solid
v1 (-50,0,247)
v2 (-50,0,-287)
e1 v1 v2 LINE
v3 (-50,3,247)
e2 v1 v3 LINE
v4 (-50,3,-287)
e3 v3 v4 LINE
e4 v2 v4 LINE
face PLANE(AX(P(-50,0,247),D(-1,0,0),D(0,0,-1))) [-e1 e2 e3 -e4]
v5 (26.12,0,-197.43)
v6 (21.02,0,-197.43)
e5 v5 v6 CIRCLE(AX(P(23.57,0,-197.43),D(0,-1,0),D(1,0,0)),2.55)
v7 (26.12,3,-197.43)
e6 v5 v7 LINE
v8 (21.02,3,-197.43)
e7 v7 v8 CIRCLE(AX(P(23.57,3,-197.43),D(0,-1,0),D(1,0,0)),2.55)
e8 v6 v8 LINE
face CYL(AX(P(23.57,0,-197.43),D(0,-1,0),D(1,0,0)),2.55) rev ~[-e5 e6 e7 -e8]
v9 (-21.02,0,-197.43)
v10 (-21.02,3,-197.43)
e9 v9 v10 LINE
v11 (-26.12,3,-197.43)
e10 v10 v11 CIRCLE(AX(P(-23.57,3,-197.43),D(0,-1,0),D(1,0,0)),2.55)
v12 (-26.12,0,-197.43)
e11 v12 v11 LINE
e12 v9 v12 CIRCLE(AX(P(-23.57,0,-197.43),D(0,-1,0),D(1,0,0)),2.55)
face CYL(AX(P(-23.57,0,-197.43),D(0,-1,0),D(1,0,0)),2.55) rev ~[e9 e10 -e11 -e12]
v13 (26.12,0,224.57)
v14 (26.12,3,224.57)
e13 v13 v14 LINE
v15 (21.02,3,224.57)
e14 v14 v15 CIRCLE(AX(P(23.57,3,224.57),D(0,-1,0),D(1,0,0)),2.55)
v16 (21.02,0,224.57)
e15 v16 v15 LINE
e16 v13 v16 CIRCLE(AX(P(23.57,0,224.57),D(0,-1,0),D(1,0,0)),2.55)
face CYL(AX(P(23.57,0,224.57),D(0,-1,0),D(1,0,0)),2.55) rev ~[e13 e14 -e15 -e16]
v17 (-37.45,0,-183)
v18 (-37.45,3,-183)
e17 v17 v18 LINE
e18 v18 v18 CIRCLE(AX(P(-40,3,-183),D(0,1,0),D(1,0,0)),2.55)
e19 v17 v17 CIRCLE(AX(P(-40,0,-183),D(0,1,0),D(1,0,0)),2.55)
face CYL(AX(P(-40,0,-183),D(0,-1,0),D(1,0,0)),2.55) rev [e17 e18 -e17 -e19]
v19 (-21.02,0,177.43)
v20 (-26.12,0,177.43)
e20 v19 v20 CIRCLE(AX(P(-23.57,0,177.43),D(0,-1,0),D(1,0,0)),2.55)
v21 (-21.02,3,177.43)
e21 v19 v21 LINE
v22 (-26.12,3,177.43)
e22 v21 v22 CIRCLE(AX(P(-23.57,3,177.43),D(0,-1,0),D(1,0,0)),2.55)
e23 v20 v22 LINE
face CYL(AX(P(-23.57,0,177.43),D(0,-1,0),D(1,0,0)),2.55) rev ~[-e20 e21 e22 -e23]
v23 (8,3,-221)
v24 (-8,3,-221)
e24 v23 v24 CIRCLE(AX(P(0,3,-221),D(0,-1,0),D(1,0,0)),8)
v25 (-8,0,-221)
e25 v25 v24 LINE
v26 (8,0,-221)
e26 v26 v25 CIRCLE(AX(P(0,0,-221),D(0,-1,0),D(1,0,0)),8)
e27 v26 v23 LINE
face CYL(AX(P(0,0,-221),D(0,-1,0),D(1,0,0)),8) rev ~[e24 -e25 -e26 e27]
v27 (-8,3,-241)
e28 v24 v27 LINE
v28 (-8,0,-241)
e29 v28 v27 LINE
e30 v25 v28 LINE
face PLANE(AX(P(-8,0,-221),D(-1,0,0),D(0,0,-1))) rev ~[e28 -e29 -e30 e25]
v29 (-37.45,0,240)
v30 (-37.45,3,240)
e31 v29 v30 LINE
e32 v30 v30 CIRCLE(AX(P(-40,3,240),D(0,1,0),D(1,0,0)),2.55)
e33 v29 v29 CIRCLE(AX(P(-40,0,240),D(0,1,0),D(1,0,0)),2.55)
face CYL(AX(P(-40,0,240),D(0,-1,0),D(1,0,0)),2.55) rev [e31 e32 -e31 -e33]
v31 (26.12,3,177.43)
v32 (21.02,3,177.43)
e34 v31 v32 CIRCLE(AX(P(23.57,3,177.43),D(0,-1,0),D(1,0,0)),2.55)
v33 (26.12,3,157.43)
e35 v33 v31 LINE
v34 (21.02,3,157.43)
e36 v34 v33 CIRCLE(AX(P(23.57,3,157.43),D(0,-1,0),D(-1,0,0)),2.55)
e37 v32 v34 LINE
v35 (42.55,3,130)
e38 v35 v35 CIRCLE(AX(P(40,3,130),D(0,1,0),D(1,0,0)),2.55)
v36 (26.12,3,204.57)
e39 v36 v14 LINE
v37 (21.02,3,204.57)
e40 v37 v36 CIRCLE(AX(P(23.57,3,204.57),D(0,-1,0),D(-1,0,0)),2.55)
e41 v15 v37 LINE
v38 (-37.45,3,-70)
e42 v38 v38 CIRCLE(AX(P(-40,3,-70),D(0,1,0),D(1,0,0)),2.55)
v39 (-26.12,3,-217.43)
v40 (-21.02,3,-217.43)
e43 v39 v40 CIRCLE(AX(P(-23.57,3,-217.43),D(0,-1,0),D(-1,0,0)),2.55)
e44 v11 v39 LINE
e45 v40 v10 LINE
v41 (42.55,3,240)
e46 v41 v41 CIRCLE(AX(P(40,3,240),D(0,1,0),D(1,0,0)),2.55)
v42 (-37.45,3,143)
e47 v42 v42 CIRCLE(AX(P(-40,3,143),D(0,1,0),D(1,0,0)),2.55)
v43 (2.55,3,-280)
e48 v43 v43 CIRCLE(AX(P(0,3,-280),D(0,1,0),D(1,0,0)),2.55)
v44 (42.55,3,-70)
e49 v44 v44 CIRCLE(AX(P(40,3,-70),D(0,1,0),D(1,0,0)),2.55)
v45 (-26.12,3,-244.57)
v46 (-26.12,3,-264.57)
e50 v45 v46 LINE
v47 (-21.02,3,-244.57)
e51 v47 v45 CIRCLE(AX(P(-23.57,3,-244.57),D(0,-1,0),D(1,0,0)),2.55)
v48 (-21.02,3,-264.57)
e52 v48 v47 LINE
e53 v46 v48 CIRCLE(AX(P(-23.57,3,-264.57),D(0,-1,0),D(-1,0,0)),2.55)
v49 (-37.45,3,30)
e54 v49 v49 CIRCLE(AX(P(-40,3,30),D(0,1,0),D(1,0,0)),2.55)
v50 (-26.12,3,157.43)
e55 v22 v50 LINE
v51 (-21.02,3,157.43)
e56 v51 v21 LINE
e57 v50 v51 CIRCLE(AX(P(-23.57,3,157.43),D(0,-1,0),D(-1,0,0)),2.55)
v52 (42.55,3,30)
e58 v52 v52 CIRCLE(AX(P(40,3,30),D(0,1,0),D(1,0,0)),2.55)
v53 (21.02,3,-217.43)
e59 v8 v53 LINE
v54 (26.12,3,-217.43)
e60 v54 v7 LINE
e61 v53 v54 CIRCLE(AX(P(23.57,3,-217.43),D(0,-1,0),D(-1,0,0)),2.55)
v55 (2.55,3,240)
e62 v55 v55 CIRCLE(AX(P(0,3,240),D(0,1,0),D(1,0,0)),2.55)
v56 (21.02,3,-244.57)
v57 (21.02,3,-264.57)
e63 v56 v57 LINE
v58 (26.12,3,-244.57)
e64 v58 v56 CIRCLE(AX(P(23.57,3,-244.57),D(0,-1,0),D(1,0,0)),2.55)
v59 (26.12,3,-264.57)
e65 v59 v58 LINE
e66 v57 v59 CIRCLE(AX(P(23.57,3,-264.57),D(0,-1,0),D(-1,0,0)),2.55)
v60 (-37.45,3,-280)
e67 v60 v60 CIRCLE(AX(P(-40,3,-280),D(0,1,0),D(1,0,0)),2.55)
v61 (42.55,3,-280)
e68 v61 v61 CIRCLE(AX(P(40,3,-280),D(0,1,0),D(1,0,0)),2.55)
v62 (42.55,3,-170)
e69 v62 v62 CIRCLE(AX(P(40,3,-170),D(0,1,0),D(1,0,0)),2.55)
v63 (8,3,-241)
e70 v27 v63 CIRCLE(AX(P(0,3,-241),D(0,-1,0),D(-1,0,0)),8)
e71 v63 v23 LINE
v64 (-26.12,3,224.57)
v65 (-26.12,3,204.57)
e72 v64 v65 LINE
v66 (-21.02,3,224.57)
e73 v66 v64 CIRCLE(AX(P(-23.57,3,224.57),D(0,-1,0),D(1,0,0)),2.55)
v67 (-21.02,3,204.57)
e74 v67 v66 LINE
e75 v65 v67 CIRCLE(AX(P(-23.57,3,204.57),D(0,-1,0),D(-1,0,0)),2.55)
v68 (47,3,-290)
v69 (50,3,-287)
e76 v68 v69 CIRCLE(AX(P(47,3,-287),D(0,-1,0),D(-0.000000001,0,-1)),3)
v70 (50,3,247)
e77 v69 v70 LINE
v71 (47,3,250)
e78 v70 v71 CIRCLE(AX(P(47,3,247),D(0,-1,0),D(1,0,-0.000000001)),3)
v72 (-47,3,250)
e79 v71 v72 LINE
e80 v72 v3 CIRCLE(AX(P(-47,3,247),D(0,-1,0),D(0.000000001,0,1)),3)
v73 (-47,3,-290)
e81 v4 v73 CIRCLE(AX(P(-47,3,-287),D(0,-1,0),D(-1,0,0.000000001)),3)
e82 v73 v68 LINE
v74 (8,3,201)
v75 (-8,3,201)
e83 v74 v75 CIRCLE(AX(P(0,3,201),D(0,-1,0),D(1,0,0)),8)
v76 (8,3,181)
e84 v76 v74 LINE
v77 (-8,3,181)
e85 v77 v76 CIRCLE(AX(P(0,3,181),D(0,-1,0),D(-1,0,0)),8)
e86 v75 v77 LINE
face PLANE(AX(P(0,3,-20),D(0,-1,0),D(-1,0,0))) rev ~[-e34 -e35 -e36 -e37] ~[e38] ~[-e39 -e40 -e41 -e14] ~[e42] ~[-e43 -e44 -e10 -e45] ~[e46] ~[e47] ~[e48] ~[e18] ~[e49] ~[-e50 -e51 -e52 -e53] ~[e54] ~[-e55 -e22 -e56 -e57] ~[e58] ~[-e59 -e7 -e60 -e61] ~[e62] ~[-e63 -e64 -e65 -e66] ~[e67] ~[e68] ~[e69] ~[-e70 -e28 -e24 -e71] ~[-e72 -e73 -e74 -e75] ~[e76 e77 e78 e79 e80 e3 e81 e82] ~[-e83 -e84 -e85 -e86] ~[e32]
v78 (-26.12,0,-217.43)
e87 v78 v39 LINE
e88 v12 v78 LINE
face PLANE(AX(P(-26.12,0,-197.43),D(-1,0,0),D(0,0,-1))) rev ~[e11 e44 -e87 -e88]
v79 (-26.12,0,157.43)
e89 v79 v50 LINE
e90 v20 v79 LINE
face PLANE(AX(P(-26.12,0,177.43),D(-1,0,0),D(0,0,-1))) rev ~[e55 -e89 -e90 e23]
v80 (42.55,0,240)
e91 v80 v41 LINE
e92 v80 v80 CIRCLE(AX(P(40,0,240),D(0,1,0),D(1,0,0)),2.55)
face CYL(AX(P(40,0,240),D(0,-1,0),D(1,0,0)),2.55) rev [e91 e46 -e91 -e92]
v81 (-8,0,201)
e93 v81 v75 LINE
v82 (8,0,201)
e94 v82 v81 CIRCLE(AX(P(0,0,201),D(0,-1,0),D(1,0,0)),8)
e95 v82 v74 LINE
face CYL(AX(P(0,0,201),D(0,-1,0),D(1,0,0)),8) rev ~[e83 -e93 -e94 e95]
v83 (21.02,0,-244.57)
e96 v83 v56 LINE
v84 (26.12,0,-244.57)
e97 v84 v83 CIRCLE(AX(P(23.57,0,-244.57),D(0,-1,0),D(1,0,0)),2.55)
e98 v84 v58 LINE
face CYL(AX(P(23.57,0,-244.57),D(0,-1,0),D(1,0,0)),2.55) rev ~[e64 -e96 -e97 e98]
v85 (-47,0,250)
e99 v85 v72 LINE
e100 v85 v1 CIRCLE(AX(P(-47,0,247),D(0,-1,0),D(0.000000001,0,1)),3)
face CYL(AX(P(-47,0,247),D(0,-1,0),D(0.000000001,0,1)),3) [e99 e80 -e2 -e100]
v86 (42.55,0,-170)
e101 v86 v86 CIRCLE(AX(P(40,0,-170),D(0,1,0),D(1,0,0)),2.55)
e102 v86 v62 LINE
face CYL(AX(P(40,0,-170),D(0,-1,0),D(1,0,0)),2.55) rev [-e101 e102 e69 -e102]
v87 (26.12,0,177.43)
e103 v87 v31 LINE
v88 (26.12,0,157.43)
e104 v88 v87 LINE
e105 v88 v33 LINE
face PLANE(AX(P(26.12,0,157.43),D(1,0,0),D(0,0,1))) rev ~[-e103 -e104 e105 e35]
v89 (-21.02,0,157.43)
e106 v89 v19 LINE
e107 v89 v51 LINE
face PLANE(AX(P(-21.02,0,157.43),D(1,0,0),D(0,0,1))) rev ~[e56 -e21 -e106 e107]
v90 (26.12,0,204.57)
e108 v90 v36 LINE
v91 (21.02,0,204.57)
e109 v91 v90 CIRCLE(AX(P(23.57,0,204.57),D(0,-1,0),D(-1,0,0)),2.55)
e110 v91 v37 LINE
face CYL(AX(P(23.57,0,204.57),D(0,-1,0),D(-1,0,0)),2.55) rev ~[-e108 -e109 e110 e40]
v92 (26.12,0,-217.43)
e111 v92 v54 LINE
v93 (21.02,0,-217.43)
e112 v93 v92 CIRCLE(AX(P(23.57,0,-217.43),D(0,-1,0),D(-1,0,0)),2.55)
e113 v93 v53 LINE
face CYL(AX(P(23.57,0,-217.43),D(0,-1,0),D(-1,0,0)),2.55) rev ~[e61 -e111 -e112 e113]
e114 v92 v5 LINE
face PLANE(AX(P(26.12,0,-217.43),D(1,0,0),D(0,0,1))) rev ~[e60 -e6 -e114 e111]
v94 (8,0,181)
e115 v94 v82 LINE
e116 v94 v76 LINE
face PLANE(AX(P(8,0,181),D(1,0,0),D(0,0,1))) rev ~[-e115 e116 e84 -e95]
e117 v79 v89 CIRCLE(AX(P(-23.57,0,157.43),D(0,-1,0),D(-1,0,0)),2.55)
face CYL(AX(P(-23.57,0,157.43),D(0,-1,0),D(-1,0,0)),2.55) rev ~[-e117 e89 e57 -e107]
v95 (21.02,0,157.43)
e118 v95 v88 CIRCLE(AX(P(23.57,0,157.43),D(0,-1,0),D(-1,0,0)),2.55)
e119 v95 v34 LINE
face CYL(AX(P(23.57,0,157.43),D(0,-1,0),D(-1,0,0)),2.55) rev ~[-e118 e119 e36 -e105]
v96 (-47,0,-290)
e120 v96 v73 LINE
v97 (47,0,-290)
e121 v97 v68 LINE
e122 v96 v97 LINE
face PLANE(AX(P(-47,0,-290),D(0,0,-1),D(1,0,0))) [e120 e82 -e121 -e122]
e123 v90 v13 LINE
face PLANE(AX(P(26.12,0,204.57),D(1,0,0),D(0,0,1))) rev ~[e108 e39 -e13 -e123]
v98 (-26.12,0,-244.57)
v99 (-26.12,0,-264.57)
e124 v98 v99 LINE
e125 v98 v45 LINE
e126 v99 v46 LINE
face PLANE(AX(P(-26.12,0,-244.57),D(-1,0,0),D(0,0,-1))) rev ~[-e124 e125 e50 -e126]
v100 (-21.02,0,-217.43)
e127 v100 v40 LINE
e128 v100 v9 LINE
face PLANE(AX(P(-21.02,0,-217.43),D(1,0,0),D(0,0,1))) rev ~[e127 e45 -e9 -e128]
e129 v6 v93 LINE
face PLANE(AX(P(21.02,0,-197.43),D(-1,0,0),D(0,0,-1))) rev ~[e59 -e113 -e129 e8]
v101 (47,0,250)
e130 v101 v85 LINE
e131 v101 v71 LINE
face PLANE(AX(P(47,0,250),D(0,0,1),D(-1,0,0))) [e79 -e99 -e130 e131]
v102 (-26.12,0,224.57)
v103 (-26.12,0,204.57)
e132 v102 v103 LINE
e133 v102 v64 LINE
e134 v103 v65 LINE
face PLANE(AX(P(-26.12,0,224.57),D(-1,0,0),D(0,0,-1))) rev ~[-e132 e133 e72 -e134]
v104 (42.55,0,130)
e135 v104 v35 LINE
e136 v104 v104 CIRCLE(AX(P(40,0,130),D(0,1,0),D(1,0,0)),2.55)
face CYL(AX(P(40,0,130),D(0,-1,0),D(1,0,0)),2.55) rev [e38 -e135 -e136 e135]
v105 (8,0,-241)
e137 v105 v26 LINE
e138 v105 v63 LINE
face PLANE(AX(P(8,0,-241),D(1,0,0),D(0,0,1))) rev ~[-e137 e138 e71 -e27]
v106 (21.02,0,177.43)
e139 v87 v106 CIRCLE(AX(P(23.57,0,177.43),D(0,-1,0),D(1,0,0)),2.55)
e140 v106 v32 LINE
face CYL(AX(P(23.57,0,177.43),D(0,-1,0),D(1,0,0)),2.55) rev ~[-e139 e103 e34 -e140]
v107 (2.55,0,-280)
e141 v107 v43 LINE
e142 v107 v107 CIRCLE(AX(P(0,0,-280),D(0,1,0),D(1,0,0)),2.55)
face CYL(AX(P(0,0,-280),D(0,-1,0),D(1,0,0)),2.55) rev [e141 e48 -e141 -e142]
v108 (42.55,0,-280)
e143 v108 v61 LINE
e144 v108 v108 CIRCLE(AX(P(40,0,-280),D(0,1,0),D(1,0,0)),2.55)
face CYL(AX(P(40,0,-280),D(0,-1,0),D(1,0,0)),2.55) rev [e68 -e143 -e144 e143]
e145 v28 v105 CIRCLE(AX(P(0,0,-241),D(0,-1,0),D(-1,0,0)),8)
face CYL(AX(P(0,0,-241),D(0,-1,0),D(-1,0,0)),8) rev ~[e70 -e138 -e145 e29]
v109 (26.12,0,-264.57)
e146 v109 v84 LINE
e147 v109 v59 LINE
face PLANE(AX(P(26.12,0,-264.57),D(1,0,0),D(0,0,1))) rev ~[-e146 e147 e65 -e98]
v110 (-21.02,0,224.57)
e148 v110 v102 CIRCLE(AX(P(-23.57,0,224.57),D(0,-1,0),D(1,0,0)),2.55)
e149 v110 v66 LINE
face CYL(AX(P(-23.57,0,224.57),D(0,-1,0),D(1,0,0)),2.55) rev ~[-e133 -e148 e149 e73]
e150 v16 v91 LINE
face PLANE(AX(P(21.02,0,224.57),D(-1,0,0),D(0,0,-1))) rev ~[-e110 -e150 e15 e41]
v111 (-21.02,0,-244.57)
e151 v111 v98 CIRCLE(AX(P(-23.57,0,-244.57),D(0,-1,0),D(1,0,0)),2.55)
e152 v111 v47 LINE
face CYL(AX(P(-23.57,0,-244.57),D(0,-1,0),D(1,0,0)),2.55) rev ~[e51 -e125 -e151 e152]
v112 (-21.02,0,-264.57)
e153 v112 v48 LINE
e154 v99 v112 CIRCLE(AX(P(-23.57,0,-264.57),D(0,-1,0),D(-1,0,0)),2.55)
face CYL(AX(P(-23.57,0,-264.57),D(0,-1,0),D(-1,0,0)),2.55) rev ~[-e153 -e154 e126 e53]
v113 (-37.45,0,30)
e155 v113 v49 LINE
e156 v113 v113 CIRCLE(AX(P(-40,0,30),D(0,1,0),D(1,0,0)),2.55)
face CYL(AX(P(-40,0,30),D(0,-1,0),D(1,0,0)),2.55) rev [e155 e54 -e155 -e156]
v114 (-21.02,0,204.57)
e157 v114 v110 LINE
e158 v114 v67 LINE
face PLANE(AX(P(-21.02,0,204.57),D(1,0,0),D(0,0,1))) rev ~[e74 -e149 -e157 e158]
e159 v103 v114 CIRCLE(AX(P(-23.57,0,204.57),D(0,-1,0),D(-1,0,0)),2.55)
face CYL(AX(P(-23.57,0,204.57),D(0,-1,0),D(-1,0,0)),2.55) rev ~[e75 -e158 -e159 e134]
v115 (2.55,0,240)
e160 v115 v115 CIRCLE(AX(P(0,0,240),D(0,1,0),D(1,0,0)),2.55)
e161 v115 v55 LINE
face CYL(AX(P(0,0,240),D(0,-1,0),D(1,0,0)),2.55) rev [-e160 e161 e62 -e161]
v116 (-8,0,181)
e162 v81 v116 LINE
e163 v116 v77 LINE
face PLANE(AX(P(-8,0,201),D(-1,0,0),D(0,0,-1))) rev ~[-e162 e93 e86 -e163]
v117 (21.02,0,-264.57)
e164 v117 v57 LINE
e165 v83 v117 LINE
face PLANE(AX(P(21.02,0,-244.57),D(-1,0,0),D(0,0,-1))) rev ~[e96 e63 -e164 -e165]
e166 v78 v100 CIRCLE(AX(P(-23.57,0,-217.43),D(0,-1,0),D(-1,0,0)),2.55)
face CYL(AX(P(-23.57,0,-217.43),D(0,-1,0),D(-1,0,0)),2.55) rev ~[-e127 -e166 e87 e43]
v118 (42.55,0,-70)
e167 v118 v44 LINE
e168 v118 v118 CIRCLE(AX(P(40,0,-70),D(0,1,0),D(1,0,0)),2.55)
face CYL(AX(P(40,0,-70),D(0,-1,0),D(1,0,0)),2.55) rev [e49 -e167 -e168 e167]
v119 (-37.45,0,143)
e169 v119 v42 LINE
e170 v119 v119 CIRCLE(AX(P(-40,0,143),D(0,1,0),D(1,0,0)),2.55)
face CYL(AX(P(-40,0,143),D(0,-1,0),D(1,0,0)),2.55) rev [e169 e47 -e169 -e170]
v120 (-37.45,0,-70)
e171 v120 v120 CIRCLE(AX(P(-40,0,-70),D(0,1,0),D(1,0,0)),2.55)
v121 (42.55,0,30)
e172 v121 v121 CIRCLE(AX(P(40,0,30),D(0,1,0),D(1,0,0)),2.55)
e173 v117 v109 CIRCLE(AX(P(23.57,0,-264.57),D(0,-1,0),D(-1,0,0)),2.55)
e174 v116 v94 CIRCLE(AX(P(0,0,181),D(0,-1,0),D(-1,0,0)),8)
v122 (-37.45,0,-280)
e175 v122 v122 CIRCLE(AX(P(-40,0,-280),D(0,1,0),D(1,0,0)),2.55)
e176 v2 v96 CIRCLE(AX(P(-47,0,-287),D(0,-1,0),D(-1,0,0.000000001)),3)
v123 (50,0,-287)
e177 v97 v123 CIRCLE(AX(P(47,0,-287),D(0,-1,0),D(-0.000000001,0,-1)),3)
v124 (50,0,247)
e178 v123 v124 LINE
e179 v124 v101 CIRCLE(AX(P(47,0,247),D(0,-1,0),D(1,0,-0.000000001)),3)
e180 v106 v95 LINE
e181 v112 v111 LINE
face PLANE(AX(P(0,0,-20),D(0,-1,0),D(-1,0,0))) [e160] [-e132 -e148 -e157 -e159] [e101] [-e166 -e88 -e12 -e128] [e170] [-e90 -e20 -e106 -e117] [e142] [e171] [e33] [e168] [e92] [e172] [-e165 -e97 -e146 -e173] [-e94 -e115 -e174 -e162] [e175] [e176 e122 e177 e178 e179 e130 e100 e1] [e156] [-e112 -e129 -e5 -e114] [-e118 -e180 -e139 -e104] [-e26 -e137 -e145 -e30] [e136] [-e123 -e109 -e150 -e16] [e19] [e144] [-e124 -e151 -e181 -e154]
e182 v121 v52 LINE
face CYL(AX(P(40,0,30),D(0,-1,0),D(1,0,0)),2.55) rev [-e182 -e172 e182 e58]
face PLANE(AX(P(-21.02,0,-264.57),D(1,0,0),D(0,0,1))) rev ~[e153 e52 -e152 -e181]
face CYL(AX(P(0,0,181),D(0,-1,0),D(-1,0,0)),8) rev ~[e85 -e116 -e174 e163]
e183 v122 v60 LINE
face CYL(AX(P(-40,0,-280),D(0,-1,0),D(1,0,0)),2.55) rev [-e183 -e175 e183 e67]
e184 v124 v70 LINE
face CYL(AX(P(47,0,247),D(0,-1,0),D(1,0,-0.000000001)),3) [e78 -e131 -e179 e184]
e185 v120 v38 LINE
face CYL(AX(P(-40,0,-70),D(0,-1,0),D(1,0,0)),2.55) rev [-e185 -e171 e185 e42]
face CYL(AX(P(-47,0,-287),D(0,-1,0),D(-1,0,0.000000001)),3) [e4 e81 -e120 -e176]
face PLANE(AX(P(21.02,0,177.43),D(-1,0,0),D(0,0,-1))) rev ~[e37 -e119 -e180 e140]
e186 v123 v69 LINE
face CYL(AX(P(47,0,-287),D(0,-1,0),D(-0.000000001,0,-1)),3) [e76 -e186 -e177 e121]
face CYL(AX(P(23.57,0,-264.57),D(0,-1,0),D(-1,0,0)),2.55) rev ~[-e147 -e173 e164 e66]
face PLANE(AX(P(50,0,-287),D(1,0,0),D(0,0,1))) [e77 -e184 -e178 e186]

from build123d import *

# Parameters (mm, degrees)
SKETCH1_R           = 2.55
BOSS_EXTRUDE1_DEPTH = 3


with BuildPart() as part:
    # Sketch1 → Boss-Extrude1 (new body)
    with BuildSketch(Plane(origin=(0, 0, 0), x_dir=(1, 0, 0), z_dir=(0, 1, 0))):
        with BuildLine():
            Line((-47, 290), (47, 290))
            ThreePointArc((47, 290), (49.121320344, 289.121320344), (50, 287))
            Line((50, 287), (50, -247))
            ThreePointArc((50, -247), (49.121320344, -249.121320344), (47, -250))
            Line((47, -250), (-47, -250))
            ThreePointArc((-47, -250), (-49.121320344, -249.121320344), (-50, -247))
            Line((-50, -247), (-50, 287))
            ThreePointArc((-50, 287), (-49.121320344, 289.121320344), (-47, 290))
        make_face()
        with Locations((-40, 280)):
            Circle(SKETCH1_R, mode=Mode.SUBTRACT)
        with Locations((0, 280)):
            Circle(SKETCH1_R, mode=Mode.SUBTRACT)
        with Locations((40, 280)):
            Circle(SKETCH1_R, mode=Mode.SUBTRACT)
        with Locations((-40, -240)):
            Circle(SKETCH1_R, mode=Mode.SUBTRACT)
        with Locations((0, -240)):
            Circle(SKETCH1_R, mode=Mode.SUBTRACT)
        with Locations((40, -240)):
            Circle(SKETCH1_R, mode=Mode.SUBTRACT)
        with Locations((-40, 183)):
            Circle(SKETCH1_R, mode=Mode.SUBTRACT)
        with Locations((-40, 70)):
            Circle(SKETCH1_R, mode=Mode.SUBTRACT)
        with Locations((-40, -30)):
            Circle(SKETCH1_R, mode=Mode.SUBTRACT)
        with Locations((-40, -143)):
            Circle(SKETCH1_R, mode=Mode.SUBTRACT)
        with Locations((40, 170)):
            Circle(SKETCH1_R, mode=Mode.SUBTRACT)
        with Locations((40, 70)):
            Circle(SKETCH1_R, mode=Mode.SUBTRACT)
        with Locations((40, -30)):
            Circle(SKETCH1_R, mode=Mode.SUBTRACT)
        with Locations((40, -130)):
            Circle(SKETCH1_R, mode=Mode.SUBTRACT)
        with BuildLine():
            Line((-26.12, 244.57), (-26.12, 264.57))
            ThreePointArc((-26.12, 264.57), (-23.57, 267.12), (-21.02, 264.57))
            Line((-21.02, 264.57), (-21.02, 244.57))
            ThreePointArc((-21.02, 244.57), (-23.57, 242.02), (-26.12, 244.57))
        make_face(mode=Mode.SUBTRACT)
        with BuildLine():
            Line((26.12, 264.57), (26.12, 244.57))
            ThreePointArc((26.12, 244.57), (23.57, 242.02), (21.02, 244.57))
            Line((21.02, 244.57), (21.02, 264.57))
            ThreePointArc((21.02, 264.57), (23.57, 267.12), (26.12, 264.57))
        make_face(mode=Mode.SUBTRACT)
        with BuildLine():
            Line((26.12, 217.43), (26.12, 197.43))
            ThreePointArc((26.12, 197.43), (23.57, 194.88), (21.02, 197.43))
            Line((21.02, 197.43), (21.02, 217.43))
            ThreePointArc((21.02, 217.43), (23.57, 219.98), (26.12, 217.43))
        make_face(mode=Mode.SUBTRACT)
        with BuildLine():
            Line((-21.02, 217.43), (-21.02, 197.43))
            ThreePointArc((-21.02, 197.43), (-23.57, 194.88), (-26.12, 197.43))
            Line((-26.12, 197.43), (-26.12, 217.43))
            ThreePointArc((-26.12, 217.43), (-23.57, 219.98), (-21.02, 217.43))
        make_face(mode=Mode.SUBTRACT)
        with BuildLine():
            Line((-26.12, -177.43), (-26.12, -157.43))
            ThreePointArc((-26.12, -157.43), (-23.57, -154.88), (-21.02, -157.43))
            Line((-21.02, -157.43), (-21.02, -177.43))
            ThreePointArc((-21.02, -177.43), (-23.57, -179.98), (-26.12, -177.43))
        make_face(mode=Mode.SUBTRACT)
        with BuildLine():
            Line((26.12, -157.43), (26.12, -177.43))
            ThreePointArc((26.12, -177.43), (23.57, -179.98), (21.02, -177.43))
            Line((21.02, -177.43), (21.02, -157.43))
            ThreePointArc((21.02, -157.43), (23.57, -154.88), (26.12, -157.43))
        make_face(mode=Mode.SUBTRACT)
        with BuildLine():
            Line((26.12, -204.57), (26.12, -224.57))
            ThreePointArc((26.12, -224.57), (23.57, -227.12), (21.02, -224.57))
            Line((21.02, -224.57), (21.02, -204.57))
            ThreePointArc((21.02, -204.57), (23.57, -202.02), (26.12, -204.57))
        make_face(mode=Mode.SUBTRACT)
        with BuildLine():
            Line((-21.02, -204.57), (-21.02, -224.57))
            ThreePointArc((-21.02, -224.57), (-23.57, -227.12), (-26.12, -224.57))
            Line((-26.12, -224.57), (-26.12, -204.57))
            ThreePointArc((-26.12, -204.57), (-23.57, -202.02), (-21.02, -204.57))
        make_face(mode=Mode.SUBTRACT)
        with BuildLine():
            Line((8, 241), (8, 221))
            ThreePointArc((8, 221), (0, 213), (-8, 221))
            Line((-8, 221), (-8, 241))
            ThreePointArc((-8, 241), (0, 249), (8, 241))
        make_face(mode=Mode.SUBTRACT)
        with BuildLine():
            Line((8, -181), (8, -201))
            ThreePointArc((8, -201), (0, -209), (-8, -201))
            Line((-8, -201), (-8, -181))
            ThreePointArc((-8, -181), (0, -173), (8, -181))
        make_face(mode=Mode.SUBTRACT)
    extrude(amount=BOSS_EXTRUDE1_DEPTH)


solid = part.part
